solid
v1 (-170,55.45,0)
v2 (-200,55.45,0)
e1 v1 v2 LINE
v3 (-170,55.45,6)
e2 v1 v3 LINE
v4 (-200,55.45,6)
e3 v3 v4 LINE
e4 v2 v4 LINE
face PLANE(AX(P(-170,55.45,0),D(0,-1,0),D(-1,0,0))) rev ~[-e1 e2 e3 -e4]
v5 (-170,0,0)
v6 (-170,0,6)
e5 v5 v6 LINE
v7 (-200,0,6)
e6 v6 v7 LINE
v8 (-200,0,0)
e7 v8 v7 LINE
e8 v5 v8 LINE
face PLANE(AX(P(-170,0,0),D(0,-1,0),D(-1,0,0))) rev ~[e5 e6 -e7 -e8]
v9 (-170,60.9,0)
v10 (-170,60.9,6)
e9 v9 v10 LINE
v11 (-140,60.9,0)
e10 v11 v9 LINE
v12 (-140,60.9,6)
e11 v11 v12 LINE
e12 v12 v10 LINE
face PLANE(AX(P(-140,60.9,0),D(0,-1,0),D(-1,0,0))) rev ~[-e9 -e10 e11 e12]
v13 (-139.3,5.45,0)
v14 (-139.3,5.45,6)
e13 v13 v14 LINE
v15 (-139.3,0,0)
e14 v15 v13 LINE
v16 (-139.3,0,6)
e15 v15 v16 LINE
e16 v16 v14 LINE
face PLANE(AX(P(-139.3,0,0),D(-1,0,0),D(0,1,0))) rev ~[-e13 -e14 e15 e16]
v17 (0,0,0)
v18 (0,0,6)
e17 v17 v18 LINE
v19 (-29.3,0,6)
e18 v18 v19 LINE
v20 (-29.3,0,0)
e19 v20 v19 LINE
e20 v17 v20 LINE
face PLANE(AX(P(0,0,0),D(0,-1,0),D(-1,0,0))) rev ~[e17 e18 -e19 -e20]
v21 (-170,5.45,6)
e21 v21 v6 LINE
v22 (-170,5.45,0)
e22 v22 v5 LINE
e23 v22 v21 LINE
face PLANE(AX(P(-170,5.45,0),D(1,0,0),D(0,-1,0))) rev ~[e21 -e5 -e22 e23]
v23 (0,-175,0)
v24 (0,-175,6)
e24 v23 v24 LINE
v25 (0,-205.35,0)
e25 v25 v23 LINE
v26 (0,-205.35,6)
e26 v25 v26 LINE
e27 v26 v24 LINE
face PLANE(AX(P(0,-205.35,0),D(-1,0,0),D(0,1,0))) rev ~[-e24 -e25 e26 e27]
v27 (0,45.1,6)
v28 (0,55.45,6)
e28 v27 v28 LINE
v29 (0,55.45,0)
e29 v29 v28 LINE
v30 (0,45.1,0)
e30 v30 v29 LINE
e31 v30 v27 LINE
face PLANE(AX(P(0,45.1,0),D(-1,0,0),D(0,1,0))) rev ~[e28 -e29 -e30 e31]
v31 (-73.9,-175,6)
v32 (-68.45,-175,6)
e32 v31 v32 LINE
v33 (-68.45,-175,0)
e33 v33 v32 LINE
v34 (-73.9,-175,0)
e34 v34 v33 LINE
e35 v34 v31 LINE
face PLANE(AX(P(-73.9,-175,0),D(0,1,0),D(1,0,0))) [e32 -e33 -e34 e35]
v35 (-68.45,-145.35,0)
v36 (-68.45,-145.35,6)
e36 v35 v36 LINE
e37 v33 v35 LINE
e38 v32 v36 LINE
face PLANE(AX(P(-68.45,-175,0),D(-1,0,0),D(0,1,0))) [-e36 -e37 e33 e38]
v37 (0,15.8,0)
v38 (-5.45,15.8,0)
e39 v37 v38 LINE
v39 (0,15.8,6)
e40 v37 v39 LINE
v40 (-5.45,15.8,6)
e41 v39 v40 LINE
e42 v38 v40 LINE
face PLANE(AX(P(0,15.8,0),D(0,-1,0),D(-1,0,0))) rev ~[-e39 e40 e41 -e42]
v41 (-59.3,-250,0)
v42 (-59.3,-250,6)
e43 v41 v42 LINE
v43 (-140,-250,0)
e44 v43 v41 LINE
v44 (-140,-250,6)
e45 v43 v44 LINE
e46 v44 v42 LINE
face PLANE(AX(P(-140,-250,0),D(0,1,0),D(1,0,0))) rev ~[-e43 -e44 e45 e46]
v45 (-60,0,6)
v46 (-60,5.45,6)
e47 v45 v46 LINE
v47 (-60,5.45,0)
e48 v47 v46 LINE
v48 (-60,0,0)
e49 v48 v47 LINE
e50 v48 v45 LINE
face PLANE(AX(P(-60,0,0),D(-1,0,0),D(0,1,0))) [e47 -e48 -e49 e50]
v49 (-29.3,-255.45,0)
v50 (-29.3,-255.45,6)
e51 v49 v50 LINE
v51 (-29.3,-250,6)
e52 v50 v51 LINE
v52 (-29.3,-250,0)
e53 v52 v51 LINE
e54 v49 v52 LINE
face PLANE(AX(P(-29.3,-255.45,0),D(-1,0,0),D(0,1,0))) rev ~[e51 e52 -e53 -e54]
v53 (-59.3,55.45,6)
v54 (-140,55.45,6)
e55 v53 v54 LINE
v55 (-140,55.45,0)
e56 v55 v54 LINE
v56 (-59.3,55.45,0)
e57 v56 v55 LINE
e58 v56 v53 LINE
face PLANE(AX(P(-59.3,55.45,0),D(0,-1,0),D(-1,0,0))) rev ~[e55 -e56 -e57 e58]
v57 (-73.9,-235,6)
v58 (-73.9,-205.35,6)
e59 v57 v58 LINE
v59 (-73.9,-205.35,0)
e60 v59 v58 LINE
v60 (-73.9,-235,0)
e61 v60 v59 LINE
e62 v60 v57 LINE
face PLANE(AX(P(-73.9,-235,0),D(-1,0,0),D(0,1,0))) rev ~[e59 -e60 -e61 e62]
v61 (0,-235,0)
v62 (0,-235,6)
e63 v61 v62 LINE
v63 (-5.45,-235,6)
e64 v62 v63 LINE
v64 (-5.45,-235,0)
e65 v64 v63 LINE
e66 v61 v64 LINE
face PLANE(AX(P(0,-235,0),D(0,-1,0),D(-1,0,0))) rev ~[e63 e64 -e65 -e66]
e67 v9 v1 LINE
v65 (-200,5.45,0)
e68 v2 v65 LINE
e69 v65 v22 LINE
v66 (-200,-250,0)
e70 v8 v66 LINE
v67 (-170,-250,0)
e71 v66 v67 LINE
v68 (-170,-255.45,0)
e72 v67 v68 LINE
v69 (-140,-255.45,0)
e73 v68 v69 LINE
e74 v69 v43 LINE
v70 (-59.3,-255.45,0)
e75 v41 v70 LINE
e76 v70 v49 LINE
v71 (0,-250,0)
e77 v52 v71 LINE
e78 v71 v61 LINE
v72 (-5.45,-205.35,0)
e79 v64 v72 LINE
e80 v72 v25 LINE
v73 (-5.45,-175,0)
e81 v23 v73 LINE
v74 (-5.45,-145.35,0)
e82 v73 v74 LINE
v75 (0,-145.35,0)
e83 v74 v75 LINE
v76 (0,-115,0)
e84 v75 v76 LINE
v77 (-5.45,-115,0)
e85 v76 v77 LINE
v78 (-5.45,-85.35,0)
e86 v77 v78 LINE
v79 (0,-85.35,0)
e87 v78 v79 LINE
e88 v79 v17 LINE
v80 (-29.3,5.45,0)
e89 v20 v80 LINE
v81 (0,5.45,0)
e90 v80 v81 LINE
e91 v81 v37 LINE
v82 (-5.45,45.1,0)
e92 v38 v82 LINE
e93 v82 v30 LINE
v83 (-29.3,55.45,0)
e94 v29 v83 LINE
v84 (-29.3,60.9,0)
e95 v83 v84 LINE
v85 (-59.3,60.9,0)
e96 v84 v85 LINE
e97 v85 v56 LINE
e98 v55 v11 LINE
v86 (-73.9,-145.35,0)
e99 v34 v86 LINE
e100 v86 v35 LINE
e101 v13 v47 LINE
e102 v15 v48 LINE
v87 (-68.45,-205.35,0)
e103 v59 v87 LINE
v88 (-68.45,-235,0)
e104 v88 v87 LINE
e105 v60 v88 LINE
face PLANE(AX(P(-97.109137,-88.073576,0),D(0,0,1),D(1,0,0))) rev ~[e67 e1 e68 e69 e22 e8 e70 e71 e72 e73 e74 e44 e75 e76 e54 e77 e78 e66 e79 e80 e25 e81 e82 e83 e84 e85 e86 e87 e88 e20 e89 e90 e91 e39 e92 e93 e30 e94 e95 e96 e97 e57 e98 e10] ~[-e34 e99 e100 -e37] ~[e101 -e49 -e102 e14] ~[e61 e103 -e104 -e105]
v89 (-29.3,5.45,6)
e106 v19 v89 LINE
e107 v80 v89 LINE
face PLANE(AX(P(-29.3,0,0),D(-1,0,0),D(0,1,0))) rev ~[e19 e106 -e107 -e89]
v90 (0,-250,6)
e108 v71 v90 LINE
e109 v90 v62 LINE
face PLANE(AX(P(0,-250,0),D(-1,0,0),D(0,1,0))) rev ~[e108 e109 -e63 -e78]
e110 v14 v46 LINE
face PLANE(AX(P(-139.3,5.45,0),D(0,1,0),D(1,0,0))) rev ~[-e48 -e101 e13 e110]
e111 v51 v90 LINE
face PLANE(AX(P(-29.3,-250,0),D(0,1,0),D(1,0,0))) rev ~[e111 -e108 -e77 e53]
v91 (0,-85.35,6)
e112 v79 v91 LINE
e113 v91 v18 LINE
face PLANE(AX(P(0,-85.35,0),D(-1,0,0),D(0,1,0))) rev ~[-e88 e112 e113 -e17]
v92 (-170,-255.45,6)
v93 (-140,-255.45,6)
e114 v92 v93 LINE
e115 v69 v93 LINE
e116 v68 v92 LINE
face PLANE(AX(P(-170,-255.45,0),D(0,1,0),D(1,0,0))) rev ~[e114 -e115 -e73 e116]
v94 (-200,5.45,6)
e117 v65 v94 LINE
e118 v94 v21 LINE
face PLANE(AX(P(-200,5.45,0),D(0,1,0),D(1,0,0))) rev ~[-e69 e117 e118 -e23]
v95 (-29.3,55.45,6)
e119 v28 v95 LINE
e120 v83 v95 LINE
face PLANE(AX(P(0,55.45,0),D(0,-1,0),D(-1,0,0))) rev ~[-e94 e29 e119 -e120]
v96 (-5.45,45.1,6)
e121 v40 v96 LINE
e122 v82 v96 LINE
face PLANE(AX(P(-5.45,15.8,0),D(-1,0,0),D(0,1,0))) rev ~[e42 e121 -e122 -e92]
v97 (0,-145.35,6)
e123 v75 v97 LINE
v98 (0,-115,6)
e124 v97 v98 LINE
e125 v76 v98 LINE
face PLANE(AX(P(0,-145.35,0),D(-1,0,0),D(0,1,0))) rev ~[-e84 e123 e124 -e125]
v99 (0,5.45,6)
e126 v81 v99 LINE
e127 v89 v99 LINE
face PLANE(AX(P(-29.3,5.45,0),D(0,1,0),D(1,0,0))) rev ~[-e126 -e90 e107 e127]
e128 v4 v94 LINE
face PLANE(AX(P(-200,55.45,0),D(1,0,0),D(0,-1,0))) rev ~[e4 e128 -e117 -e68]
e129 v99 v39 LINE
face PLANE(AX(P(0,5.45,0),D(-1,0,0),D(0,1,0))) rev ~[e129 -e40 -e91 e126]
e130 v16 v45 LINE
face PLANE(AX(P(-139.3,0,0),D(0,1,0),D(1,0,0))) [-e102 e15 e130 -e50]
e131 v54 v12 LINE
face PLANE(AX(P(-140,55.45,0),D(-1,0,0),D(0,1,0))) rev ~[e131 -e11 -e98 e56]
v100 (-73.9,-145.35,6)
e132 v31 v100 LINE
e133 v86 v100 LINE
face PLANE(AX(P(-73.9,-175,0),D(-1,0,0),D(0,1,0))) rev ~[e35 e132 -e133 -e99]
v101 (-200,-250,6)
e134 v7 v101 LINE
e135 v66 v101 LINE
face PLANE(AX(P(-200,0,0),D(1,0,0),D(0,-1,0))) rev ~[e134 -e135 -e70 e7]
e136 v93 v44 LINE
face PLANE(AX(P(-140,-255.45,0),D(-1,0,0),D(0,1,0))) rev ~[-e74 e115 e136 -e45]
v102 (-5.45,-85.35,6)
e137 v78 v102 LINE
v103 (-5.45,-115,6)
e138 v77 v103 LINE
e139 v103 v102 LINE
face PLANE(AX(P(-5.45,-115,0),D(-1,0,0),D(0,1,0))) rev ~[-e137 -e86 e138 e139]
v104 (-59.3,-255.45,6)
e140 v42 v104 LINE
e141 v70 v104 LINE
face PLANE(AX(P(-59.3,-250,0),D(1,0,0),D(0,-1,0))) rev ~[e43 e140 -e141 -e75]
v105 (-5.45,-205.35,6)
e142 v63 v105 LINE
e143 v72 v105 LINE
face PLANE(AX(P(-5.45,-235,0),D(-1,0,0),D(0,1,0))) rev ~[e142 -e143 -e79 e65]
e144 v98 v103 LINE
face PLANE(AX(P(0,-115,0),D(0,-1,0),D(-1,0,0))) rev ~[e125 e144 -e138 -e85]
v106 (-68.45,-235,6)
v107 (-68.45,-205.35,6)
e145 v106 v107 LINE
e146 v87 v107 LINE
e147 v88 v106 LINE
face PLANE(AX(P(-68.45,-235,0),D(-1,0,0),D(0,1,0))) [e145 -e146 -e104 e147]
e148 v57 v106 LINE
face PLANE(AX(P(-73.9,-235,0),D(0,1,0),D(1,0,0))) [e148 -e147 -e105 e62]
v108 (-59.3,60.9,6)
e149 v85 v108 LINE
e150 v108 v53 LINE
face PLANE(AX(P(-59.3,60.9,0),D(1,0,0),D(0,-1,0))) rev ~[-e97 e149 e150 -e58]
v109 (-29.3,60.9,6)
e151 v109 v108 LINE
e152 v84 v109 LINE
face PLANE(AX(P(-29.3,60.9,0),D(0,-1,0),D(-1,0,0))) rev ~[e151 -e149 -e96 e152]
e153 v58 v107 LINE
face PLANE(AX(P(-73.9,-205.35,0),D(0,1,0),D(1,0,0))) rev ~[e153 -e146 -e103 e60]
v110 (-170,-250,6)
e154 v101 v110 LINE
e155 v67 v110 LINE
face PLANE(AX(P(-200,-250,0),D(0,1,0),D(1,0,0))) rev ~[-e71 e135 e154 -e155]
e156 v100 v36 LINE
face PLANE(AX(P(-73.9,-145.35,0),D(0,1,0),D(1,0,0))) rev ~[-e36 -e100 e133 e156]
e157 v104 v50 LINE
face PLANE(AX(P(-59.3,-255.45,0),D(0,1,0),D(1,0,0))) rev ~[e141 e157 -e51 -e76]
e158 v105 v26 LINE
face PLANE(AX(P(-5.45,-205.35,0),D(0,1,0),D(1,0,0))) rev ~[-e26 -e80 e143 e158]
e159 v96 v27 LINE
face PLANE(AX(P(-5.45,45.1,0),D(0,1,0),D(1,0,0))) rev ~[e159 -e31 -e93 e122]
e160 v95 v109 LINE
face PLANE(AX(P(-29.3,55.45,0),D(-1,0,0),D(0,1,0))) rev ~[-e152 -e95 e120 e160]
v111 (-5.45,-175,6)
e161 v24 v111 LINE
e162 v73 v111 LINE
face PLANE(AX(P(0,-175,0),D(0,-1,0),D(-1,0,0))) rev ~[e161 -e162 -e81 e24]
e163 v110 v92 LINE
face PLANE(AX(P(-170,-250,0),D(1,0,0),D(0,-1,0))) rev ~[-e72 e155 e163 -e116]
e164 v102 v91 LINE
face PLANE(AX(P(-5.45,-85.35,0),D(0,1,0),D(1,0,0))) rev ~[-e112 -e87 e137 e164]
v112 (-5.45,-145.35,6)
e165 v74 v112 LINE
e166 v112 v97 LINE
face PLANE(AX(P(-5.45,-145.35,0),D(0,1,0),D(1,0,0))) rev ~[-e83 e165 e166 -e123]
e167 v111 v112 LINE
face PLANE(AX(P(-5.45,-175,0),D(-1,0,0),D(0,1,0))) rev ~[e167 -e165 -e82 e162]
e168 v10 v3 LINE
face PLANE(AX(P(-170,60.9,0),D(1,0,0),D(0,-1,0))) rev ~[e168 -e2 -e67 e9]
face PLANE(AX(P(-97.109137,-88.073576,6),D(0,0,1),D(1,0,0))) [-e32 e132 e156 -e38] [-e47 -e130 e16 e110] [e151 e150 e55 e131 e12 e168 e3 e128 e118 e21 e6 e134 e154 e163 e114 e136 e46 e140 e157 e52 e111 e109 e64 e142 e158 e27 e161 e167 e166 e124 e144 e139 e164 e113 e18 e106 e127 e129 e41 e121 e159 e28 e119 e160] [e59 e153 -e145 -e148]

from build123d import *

# Parameters (mm, degrees)
SKETCH_2_W      = 79.3
SKETCH_2_H      = 5.45
SKETCH_2_W_2    = 5.45
SKETCH_2_H_2    = 29.65
EXTRUDE_1_DEPTH = 6


with BuildPart() as part:
    # Эскиз2 → Бобышка-Вытянуть1 (new body)
    with BuildSketch(Plane.XY):
        Polygon((0, 0), (-29.3, 0), (-29.3, 5.45), (0, 5.45), (0, 15.8), (-5.45, 15.8), (-5.45, 45.1), (0, 45.1), (0, 55.45), (-29.3, 55.45), (-29.3, 60.9), (-59.3, 60.9), (-59.3, 55.45), (-140, 55.45), (-140, 60.9), (-170, 60.9), (-170, 55.45), (-200, 55.45), (-200, 5.45), (-170, 5.45), (-170, 0), (-200, 0), (-200, -250), (-170, -250), (-170, -255.45), (-140, -255.45), (-140, -250), (-59.3, -250), (-59.3, -255.45), (-29.3, -255.45), (-29.3, -250), (0, -250), (0, -235), (-5.45, -235), (-5.45, -205.35), (0, -205.35), (0, -175), (-5.45, -175), (-5.45, -145.35), (0, -145.35), (0, -115), (-5.45, -115), (-5.45, -85.35), (0, -85.35), align=None)
        with Locations((-99.65, 2.725)):
            Rectangle(SKETCH_2_W, SKETCH_2_H, mode=Mode.SUBTRACT)
        with Locations((-71.175, -220.175)):
            Rectangle(SKETCH_2_W_2, SKETCH_2_H_2, mode=Mode.SUBTRACT)
        with Locations((-71.175, -160.175)):
            Rectangle(SKETCH_2_W_2, SKETCH_2_H_2, mode=Mode.SUBTRACT)
    extrude(amount=EXTRUDE_1_DEPTH)


solid = part.part
